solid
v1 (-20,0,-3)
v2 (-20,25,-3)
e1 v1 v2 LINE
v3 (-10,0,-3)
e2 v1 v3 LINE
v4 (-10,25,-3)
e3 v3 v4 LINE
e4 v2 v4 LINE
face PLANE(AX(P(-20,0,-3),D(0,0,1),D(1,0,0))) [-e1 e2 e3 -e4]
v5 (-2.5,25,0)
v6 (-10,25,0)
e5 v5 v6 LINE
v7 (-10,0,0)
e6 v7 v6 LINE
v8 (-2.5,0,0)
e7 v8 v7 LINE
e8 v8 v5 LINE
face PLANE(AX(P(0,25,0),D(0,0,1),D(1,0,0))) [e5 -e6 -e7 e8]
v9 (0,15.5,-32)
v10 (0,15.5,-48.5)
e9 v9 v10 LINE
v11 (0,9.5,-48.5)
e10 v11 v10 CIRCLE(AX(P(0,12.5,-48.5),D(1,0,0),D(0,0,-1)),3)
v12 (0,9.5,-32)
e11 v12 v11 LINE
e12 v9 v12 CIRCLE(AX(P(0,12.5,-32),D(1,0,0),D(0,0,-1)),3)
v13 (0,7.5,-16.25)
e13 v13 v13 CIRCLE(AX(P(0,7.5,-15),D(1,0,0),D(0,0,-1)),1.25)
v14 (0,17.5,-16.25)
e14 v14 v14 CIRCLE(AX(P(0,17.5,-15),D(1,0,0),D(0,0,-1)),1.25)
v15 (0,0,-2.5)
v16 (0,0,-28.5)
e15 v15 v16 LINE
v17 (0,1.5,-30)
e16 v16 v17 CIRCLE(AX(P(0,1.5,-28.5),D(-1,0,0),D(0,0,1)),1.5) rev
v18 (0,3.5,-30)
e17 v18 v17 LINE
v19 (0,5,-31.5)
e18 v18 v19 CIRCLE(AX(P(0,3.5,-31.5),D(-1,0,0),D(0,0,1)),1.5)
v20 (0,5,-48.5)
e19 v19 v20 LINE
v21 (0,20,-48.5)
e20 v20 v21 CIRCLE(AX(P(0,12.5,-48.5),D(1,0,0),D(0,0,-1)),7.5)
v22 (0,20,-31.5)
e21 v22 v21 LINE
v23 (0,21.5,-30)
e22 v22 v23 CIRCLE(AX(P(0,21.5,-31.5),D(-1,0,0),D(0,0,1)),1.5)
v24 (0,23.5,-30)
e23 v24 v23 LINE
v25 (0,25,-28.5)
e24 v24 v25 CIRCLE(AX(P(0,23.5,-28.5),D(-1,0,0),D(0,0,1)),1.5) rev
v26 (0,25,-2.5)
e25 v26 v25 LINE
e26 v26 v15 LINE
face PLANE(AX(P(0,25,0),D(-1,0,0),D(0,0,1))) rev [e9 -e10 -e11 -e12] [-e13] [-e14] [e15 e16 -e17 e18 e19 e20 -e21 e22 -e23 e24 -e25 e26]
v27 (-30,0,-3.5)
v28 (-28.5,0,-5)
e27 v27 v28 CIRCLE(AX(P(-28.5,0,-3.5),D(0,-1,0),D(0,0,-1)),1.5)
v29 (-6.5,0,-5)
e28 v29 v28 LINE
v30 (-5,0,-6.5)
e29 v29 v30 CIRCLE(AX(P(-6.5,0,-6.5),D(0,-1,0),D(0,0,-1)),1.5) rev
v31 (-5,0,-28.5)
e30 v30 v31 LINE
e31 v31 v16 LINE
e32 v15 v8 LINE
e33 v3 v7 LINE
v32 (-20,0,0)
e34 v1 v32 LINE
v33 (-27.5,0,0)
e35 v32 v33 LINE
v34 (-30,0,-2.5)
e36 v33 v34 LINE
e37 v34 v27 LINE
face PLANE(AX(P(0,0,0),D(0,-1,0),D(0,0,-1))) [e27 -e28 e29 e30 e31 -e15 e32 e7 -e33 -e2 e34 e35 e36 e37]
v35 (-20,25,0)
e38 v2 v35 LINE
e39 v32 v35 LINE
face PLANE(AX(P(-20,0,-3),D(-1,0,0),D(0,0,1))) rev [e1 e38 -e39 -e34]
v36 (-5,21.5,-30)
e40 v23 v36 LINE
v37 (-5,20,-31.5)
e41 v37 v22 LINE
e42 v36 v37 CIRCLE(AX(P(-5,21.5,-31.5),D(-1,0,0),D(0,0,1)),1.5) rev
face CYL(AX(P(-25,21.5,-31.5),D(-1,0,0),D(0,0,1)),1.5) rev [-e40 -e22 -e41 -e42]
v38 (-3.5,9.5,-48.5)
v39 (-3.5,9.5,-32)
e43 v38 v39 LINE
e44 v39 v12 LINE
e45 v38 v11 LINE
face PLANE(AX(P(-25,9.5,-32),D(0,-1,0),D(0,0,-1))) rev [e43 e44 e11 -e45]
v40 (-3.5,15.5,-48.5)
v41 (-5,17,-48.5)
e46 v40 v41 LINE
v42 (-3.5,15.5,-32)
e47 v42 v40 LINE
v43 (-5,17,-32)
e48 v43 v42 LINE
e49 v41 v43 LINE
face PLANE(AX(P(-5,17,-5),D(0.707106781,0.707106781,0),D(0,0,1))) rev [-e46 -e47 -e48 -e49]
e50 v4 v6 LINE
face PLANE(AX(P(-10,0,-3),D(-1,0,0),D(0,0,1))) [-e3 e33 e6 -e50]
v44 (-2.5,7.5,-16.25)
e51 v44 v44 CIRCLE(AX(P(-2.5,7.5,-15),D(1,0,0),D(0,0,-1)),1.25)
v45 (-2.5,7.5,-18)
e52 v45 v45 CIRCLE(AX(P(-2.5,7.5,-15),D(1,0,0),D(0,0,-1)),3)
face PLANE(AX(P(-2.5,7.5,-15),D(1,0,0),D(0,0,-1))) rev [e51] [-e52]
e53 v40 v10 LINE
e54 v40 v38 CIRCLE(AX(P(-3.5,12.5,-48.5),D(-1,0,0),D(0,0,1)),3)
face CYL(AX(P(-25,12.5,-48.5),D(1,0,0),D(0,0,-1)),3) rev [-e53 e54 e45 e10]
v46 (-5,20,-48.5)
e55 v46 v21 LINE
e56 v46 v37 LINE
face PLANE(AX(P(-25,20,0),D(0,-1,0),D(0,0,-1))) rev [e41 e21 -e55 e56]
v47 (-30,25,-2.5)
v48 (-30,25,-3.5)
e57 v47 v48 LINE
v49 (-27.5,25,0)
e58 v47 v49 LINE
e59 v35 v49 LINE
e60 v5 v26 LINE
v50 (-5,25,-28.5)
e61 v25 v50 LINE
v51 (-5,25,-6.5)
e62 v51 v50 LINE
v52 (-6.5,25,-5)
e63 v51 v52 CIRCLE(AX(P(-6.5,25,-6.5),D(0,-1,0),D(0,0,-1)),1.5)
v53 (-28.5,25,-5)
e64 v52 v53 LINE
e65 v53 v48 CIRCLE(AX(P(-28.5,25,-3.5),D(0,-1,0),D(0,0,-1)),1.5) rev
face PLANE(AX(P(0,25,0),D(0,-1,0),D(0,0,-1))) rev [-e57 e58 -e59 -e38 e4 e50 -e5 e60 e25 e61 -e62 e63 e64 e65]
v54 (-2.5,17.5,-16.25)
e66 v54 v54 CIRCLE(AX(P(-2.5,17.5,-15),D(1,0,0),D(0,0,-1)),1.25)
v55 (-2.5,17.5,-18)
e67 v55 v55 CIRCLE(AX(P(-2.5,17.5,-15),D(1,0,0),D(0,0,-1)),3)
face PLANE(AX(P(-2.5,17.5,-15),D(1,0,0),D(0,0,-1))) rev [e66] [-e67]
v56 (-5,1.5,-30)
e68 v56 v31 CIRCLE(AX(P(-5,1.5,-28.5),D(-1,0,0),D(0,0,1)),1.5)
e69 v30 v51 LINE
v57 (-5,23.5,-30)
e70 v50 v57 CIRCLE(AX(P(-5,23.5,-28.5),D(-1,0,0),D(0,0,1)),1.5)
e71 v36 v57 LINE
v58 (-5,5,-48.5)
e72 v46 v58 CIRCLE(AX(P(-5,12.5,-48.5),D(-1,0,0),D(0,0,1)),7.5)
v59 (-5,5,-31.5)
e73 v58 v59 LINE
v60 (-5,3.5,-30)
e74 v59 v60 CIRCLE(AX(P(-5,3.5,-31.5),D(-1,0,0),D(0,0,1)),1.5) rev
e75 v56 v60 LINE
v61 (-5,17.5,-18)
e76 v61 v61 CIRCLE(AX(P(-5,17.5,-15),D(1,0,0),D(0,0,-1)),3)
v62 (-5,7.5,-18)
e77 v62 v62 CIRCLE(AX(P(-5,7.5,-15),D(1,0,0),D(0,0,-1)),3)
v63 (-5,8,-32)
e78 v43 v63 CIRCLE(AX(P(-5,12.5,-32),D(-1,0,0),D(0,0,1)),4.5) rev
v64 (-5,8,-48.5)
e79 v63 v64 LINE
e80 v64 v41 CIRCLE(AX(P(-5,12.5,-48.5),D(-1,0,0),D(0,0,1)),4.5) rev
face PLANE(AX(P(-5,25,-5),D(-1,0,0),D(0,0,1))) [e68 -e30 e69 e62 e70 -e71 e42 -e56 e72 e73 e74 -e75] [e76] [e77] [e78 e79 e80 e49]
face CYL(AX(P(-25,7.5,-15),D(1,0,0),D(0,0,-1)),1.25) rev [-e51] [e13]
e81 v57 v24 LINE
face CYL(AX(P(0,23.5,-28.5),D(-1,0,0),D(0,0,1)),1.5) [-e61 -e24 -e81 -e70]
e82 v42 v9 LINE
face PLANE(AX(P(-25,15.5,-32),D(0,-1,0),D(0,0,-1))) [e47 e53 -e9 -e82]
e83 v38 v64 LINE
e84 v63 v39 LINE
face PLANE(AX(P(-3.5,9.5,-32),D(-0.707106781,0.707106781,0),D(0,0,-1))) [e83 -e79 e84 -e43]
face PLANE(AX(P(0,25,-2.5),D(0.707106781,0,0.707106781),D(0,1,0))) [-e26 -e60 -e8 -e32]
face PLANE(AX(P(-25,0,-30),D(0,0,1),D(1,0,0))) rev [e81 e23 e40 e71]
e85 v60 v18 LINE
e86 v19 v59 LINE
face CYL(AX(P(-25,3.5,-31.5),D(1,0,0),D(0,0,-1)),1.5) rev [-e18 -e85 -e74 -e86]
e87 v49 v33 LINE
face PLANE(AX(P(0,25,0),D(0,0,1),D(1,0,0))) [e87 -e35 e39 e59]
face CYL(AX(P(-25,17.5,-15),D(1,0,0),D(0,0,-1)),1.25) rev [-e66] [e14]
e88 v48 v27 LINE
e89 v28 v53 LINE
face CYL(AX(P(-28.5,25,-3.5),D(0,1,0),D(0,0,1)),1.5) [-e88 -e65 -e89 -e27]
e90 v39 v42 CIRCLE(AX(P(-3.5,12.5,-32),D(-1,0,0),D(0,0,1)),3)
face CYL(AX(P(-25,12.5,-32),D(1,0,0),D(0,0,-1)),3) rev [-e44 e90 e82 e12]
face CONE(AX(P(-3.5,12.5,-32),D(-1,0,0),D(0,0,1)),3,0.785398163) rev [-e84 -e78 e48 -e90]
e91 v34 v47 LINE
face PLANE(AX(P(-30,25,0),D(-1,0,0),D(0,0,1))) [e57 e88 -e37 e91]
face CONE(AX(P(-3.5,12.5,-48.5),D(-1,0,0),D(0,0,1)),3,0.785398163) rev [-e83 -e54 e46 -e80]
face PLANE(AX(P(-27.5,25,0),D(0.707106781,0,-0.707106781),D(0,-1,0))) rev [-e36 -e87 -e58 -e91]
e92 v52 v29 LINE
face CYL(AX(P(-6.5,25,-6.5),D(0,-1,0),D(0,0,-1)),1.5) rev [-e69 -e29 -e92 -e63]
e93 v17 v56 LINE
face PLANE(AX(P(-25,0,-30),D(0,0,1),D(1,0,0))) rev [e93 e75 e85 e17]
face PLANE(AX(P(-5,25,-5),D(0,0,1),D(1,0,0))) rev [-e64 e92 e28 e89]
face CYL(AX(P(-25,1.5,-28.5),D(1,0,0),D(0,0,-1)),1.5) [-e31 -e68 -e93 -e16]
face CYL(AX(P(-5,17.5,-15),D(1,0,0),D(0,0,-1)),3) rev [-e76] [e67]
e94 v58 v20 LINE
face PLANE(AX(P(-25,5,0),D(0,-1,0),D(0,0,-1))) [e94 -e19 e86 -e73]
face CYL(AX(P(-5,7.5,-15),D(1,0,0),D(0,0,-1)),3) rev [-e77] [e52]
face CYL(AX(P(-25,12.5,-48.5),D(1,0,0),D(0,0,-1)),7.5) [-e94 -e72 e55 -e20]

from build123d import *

# Parameters (mm, degrees)
BOSS_EXTRUDE1_DEPTH = 25
CUT_EXTRUDE1_DEPTH  = 25
CUT_EXTRUDE2_DEPTH  = 25
FILLET1_R           = 1.5
SKETCH5_R           = 1.25
CUT_EXTRUDE4_DEPTH  = 25
CUT_EXTRUDE5_START  = -2.5
SKETCH5_4_R         = 3
SKETCH5_4_R_2       = 1.25
CUT_EXTRUDE5_DEPTH  = 2.5
SKETCH7_W           = 10
SKETCH7_H           = 3
CUT_EXTRUDE6_DEPTH  = 69.271516755
CHAMFER1_SIZE       = 2.5
FILLET2_R           = 1.5
CHAMFER2_SIZE       = 1.5


with BuildPart() as part:
    # Sketch1 → Boss-Extrude1 (new body)
    with BuildSketch(Plane(origin=(0, 0, 0), x_dir=(1, 0, 0), z_dir=(0, 1, 0))):
        Polygon((0, 0), (-30, 0), (-30, 5), (-5, 5), (-5, 56), (0, 56), align=None)
    extrude(amount=BOSS_EXTRUDE1_DEPTH)

    # Sketch2 → Cut-Extrude1 (cut)
    with BuildSketch(Plane(origin=(0, 0, 0), x_dir=(0, 0, -1), z_dir=(1, 0, 0))):
        with BuildLine():
            Line((56, 25), (30, 25))
            Line((30, 25), (30, 20))
            Line((30, 20), (48.5, 20))
            ThreePointArc((48.5, 20), (53.803300859, 17.803300859), (56, 12.5))
            Line((56, 12.5), (56, 25))
        make_face()
        with BuildLine():
            ThreePointArc((56, 12.5), (53.803300859, 7.196699141), (48.5, 5))
            Line((48.5, 5), (30, 5))
            Line((30, 5), (30, 0))
            Line((30, 0), (56, 0))
            Line((56, 0), (56, 12.5))
        make_face()
    extrude(amount=-CUT_EXTRUDE1_DEPTH, mode=Mode.SUBTRACT)

    # Sketch3 → Cut-Extrude2 (cut)
    with BuildSketch(Plane(origin=(0, 0, 0), x_dir=(0, 0, -1), z_dir=(1, 0, 0))):
        with BuildLine():
            Line((32, 15.5), (48.5, 15.5))
            ThreePointArc((48.5, 15.5), (51.5, 12.5), (48.5, 9.5))
            Line((48.5, 9.5), (32, 9.5))
            ThreePointArc((32, 9.5), (29, 12.5), (32, 15.5))
        make_face()
    extrude(amount=-CUT_EXTRUDE2_DEPTH, mode=Mode.SUBTRACT)

    # Fillet1
    fillet1_edges = [part.edges().sort_by_distance(p)[0] for p in [
        (-2.5, 20, -30),
        (-2.5, 5, -30),
        (-2.5, 0, -30),
        (-2.5, 25, -30),
    ]]
    fillet(fillet1_edges, radius=FILLET1_R)

    # Sketch5 → Cut-Extrude4 (cut)
    with BuildSketch(Plane(origin=(0, 0, 0), x_dir=(0, 0, -1), z_dir=(1, 0, 0))):
        with Locations((15, 17.5)):
            Circle(SKETCH5_R)
        with Locations((15, 7.5)):
            Circle(SKETCH5_R)
    extrude(amount=-CUT_EXTRUDE4_DEPTH, mode=Mode.SUBTRACT)

    # Sketch5<4> → Cut-Extrude5 (cut)
    # profile 1 of 2: a face of its own
    with BuildSketch(Plane(origin=(0, 0, 0), x_dir=(0, 0, -1), z_dir=(1, 0, 0)).offset(CUT_EXTRUDE5_START)):
        with Locations((15, 17.5)):
            Circle(SKETCH5_4_R)
        with Locations((15, 17.5)):
            Circle(SKETCH5_4_R_2, mode=Mode.SUBTRACT)
    # profile 2 of 2: a face of its own
    with BuildSketch(Plane(origin=(0, 0, 0), x_dir=(0, 0, -1), z_dir=(1, 0, 0)).offset(CUT_EXTRUDE5_START)):
        with Locations((15, 7.5)):
            Circle(SKETCH5_4_R)
        with Locations((15, 7.5)):
            Circle(SKETCH5_4_R_2, mode=Mode.SUBTRACT)
    extrude(amount=-CUT_EXTRUDE5_DEPTH, mode=Mode.SUBTRACT)

    # Sketch7 → Cut-Extrude6 (cut, through all)
    with BuildSketch(Plane(origin=(0, 25, 0), x_dir=(1, 0, 0), z_dir=(0, 1, 0))):
        with Locations((-15, 1.5)):
            Rectangle(SKETCH7_W, SKETCH7_H)
    extrude(amount=-CUT_EXTRUDE6_DEPTH, mode=Mode.SUBTRACT)

    # Chamfer1
    chamfer1_edges = [part.edges().sort_by_distance(p)[0] for p in [
        (0, 12.5, 0),
        (-30, 12.5, 0),
    ]]
    chamfer(chamfer1_edges, length=CHAMFER1_SIZE)

    # Fillet2
    fillet2_edges = [part.edges().sort_by_distance(p)[0] for p in [
        (-30, 12.5, -5),
        (-5, 12.5, -5),
    ]]
    fillet(fillet2_edges, radius=FILLET2_R)

    # Chamfer2
    chamfer2_edges = [part.edges().sort_by_distance(p)[0] for p in [
        (-5, 9.5, -40.25),
        (-5, 12.5, -51.5),
        (-5, 12.5, -29),
        (-5, 15.5, -40.25),
    ]]
    chamfer(chamfer2_edges, length=CHAMFER2_SIZE)


solid = part.part
